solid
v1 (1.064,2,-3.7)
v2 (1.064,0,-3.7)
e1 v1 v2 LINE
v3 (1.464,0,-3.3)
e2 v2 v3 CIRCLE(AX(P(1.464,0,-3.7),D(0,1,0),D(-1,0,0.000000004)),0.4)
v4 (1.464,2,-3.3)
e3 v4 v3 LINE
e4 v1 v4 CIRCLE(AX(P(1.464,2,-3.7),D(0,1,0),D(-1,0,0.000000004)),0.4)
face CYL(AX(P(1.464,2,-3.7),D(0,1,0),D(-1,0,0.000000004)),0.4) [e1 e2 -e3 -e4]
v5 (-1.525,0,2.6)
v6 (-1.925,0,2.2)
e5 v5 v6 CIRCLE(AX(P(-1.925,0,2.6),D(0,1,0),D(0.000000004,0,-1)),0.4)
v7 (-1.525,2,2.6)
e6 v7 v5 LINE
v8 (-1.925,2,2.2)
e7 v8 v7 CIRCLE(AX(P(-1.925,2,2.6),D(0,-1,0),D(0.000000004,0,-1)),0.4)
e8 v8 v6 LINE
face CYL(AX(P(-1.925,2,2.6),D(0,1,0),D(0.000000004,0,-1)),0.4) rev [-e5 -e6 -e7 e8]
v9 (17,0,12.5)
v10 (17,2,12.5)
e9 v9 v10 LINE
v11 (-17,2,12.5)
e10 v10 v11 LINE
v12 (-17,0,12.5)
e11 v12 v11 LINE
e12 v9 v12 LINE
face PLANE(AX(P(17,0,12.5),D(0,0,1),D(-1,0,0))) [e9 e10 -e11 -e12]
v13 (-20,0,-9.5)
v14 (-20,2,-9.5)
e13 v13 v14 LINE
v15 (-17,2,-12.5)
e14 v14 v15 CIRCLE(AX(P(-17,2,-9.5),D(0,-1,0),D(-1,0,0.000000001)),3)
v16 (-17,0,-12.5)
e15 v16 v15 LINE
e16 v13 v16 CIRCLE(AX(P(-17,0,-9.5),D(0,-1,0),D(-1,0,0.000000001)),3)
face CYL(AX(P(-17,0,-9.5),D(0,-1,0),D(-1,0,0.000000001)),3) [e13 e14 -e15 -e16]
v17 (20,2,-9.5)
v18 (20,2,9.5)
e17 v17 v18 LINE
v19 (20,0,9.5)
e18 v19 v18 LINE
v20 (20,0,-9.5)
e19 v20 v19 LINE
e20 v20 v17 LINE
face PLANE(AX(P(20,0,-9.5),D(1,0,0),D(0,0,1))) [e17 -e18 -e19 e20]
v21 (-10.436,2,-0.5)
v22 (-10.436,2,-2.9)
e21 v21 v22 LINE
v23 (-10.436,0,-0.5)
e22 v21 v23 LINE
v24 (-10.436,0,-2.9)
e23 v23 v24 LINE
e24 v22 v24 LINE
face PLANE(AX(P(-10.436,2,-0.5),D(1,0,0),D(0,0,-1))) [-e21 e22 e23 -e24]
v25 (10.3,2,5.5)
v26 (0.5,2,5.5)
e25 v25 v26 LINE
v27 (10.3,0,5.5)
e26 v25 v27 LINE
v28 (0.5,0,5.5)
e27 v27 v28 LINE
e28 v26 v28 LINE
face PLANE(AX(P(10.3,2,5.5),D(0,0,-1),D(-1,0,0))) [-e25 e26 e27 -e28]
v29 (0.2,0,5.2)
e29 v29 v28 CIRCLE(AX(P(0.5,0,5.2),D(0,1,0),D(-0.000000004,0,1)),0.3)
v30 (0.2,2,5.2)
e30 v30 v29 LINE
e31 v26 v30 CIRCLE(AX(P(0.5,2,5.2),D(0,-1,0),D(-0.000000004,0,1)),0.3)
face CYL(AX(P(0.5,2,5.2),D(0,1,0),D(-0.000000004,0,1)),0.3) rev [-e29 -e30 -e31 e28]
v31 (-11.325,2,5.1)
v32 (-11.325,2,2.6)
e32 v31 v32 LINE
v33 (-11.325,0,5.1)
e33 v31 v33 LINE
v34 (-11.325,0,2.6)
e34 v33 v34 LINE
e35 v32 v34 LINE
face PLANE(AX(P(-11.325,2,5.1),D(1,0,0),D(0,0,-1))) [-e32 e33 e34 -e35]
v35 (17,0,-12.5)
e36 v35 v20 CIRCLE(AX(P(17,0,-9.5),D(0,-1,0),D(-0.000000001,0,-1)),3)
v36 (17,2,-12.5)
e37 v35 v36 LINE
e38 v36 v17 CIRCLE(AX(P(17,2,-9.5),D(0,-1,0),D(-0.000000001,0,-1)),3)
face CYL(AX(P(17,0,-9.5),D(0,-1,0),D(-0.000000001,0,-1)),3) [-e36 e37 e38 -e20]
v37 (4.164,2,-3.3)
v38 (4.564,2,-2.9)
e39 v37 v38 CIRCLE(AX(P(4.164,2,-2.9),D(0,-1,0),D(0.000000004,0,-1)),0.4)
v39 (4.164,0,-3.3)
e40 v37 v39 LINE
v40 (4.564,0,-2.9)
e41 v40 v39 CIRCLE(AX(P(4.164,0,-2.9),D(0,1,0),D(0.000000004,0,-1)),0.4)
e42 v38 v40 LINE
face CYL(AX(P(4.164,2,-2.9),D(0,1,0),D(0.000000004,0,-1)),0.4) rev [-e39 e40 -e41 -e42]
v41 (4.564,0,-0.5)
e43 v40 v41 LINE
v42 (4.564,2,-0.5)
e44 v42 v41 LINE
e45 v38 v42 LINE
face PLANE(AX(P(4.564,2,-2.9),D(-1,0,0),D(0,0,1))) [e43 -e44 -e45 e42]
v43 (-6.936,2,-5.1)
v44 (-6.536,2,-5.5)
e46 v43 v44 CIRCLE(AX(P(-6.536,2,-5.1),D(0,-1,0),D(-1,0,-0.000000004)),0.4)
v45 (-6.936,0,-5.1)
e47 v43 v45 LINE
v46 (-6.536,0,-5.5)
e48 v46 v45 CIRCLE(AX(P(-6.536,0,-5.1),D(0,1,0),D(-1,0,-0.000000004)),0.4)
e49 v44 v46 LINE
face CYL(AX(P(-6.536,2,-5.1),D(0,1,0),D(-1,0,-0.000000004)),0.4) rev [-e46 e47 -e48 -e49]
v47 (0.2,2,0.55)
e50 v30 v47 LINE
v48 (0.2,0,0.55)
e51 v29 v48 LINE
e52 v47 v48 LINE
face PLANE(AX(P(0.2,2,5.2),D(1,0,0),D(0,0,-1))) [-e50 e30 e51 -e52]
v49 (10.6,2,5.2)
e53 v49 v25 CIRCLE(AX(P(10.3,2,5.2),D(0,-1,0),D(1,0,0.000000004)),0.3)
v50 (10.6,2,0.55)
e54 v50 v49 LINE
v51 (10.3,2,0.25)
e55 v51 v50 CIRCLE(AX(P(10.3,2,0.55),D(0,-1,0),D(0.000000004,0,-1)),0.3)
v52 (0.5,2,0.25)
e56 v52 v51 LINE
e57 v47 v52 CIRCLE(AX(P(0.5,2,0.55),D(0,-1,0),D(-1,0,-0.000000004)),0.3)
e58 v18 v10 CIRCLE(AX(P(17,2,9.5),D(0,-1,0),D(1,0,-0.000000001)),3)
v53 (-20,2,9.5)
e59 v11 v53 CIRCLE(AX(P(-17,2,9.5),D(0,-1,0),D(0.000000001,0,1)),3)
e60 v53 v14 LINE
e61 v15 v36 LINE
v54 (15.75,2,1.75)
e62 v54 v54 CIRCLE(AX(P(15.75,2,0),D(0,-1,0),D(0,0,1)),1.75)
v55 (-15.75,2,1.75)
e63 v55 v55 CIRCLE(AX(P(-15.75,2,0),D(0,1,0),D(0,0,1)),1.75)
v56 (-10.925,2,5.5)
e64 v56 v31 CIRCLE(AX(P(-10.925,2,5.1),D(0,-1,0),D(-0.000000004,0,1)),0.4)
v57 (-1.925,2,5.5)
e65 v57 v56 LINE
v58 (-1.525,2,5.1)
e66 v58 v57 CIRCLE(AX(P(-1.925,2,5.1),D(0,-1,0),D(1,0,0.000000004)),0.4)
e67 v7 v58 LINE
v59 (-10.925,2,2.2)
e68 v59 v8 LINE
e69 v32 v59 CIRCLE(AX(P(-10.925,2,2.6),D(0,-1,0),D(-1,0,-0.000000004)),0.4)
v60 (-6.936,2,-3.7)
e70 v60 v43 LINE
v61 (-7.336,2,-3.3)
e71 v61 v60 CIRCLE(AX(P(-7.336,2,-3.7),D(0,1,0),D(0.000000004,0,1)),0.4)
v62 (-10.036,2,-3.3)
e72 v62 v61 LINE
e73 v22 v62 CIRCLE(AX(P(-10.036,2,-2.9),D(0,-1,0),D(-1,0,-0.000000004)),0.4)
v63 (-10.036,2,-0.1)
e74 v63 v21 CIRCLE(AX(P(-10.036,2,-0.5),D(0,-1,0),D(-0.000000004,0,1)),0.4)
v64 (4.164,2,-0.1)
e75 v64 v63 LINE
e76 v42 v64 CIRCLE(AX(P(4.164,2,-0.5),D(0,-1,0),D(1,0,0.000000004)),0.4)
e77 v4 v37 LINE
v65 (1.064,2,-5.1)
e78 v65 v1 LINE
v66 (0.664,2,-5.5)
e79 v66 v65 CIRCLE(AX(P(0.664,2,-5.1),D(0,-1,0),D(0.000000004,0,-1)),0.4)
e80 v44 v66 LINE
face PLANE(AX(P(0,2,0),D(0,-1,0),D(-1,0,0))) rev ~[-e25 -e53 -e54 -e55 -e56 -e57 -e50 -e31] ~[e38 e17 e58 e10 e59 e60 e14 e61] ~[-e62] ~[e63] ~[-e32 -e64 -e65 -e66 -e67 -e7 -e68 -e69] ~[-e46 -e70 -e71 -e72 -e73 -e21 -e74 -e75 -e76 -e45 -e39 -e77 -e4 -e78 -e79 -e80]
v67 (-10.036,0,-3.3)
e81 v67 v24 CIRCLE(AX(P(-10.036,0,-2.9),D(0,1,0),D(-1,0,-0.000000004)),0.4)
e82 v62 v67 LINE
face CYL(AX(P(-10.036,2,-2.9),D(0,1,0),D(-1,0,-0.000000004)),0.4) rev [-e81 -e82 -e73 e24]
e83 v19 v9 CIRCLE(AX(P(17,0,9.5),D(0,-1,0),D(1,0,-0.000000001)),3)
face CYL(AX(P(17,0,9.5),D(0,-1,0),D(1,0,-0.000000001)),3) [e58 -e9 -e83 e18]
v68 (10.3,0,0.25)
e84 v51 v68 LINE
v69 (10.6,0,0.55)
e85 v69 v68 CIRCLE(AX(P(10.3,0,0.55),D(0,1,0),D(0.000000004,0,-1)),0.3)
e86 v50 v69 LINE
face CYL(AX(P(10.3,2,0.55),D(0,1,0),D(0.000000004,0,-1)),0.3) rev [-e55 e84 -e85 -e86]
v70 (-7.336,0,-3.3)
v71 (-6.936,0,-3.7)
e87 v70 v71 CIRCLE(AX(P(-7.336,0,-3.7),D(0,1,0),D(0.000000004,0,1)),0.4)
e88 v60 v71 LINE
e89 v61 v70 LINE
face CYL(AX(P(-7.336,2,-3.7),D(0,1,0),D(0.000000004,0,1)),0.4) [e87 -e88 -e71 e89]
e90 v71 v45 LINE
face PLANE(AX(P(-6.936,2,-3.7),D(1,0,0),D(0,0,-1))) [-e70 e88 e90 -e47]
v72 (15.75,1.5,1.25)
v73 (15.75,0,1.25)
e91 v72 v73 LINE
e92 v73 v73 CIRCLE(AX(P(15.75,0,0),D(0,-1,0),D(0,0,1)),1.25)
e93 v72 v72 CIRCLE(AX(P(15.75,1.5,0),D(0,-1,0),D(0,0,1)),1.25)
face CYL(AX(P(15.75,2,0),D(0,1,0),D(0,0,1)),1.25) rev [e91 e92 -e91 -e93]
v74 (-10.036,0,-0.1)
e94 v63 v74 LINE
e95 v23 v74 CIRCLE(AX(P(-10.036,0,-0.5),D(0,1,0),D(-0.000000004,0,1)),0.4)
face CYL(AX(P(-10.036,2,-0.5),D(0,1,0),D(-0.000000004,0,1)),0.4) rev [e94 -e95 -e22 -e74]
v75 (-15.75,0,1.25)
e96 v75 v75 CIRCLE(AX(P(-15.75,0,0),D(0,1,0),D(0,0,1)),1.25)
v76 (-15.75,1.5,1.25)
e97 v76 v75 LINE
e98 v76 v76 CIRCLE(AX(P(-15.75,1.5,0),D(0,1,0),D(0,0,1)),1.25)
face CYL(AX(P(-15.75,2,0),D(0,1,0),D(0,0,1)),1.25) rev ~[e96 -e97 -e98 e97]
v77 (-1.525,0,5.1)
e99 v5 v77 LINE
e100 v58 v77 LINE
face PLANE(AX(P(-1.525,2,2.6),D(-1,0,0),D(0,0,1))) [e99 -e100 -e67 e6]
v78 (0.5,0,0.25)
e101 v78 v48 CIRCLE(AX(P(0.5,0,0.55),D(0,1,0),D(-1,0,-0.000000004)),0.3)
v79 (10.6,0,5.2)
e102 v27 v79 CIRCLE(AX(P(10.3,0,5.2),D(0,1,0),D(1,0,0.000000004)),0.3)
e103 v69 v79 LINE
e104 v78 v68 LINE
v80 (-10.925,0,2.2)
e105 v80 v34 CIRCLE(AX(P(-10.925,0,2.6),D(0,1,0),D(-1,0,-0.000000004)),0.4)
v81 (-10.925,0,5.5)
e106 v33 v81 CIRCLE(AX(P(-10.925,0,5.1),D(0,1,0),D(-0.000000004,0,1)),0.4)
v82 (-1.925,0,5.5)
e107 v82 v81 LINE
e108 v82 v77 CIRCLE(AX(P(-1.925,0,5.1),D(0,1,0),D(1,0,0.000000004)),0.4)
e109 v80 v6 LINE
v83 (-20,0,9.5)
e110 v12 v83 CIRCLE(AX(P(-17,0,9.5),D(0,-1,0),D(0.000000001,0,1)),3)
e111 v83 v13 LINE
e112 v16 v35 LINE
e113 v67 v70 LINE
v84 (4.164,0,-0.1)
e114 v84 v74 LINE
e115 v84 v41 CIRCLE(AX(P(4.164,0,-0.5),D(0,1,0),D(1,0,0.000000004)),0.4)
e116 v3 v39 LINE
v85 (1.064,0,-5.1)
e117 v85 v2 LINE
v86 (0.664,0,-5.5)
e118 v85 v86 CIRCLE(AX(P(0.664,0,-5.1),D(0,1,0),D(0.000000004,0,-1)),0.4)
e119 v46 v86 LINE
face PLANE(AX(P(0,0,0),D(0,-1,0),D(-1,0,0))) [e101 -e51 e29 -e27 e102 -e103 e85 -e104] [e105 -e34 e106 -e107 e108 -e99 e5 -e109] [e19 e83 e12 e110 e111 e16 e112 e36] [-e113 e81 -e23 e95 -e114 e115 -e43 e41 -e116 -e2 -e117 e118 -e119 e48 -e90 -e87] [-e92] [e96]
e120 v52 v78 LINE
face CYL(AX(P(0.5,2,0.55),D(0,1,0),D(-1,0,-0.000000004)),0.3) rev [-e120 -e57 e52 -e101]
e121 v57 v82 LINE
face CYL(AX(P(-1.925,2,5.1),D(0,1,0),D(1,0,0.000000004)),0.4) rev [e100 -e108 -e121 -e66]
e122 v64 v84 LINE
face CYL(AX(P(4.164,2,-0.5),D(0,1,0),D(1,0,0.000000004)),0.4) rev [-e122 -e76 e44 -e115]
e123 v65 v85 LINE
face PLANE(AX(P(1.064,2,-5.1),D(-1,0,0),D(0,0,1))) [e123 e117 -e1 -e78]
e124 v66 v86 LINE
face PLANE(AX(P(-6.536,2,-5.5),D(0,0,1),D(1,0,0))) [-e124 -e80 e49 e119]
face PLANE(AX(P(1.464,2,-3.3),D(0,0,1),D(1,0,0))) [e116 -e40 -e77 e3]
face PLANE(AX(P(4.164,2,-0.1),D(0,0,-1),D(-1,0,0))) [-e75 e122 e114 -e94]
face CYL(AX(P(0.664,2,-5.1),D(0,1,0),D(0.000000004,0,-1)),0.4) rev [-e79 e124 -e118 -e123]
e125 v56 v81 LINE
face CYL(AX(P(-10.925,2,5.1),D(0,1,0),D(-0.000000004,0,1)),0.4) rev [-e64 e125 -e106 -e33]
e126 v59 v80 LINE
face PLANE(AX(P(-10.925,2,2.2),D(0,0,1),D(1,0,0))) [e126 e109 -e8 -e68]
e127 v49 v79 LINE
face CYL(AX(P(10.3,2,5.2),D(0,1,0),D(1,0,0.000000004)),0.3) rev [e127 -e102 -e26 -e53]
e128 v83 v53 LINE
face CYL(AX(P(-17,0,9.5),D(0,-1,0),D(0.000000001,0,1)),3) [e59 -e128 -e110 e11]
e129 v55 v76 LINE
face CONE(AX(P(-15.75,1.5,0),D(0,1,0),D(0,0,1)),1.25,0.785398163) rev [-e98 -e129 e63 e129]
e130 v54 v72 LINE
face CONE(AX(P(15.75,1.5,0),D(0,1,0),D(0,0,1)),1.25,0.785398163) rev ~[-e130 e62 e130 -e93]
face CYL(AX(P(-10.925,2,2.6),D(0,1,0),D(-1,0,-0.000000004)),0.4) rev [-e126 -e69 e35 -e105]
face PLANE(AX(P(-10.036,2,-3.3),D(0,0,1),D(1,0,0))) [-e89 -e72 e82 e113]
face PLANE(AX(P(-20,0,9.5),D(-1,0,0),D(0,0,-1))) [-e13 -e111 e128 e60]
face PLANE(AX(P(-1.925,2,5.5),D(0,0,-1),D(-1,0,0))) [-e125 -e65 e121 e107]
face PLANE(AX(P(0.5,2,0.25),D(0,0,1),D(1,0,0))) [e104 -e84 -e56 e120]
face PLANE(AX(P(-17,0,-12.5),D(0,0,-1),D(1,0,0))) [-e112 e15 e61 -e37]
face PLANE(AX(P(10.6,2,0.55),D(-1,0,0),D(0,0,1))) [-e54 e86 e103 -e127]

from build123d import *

# Parameters (mm, degrees)
EXTRUDE_1_DEPTH            = 2
CUT_EXTRUDE_1_REACH        = 25.67
SKETCH_2_R                 = 1.25
CHAMFER_1_SIZE             = 0.5
CHAMFER_1_OF_MIRROR_3_SIZE = 0.5
CUT_EXTRUDE_5_REACH        = 25.67


with BuildPart() as part:
    # 草图1 → 凸台-拉伸1 (new body)
    with BuildSketch(Plane(origin=(0, 0, 0), x_dir=(1, 0, 0), z_dir=(0, 1, 0))):
        with BuildLine():
            Line((-17, 12.5), (17, 12.5))
            ThreePointArc((17, 12.5), (19.121320344, 11.621320344), (20, 9.5))
            Line((20, 9.5), (20, -9.5))
            ThreePointArc((20, -9.5), (19.121320344, -11.621320344), (17, -12.5))
            Line((17, -12.5), (-17, -12.5))
            ThreePointArc((-17, -12.5), (-19.121320344, -11.621320344), (-20, -9.5))
            Line((-20, -9.5), (-20, 9.5))
            ThreePointArc((-20, 9.5), (-19.121320344, 11.621320344), (-17, 12.5))
        make_face()
    extrude(amount=EXTRUDE_1_DEPTH)

    # 草图2 → 切除-拉伸1 (cut, up to next)
    with BuildSketch(Plane(origin=(0, 2, 0), x_dir=(1, 0, 0), z_dir=(0, 1, 0)), mode=Mode.PRIVATE) as cut_extrude_1_sk1:
        with Locations(Location((-15.75, 0, 0), (0, 0, 270))):
            Circle(SKETCH_2_R)
    cut_extrude_1_tool1 = extrude(cut_extrude_1_sk1.sketch, amount=-CUT_EXTRUDE_1_REACH, mode=Mode.PRIVATE) & part.part
    cut_extrude_1 = cut_extrude_1_tool1.solids().sort_by_distance((-15.75, 2, 0))[0]
    add(cut_extrude_1, mode=Mode.SUBTRACT)

    # 倒角1
    chamfer_1_edges = [part.edges().sort_by_distance(p)[0] for p in [
        (-15.75, 2, -1.25),
    ]]
    chamfer(chamfer_1_edges, length=CHAMFER_1_SIZE)

    # 镜向3: 切除-拉伸1 across plane
    add(cut_extrude_1.mirror(Plane(origin=(0, 0, 0), x_dir=(0, 0, 1), z_dir=(1, 0, 0))), mode=Mode.SUBTRACT)

    # 倒角1 of 镜向3
    chamfer_1_of_mirror_3_edges = [part.edges().sort_by_distance(p)[0] for p in [
        (15.75, 2, -1.25),
    ]]
    chamfer(chamfer_1_of_mirror_3_edges, length=CHAMFER_1_OF_MIRROR_3_SIZE)

    # 草图6 → 切除-拉伸5 (cut, up to next)
    with BuildSketch(Plane(origin=(0, 2, 0), x_dir=(1, 0, 0), z_dir=(0, 1, 0)), mode=Mode.PRIVATE) as cut_extrude_5_sk1:
        with BuildLine():
            Line((-10.036, 3.3), (-7.336, 3.3))
            ThreePointArc((-7.336, 3.3), (-7.053157288, 3.417157288), (-6.936, 3.7))
            Line((-6.936, 3.7), (-6.936, 5.1))
            ThreePointArc((-6.936, 5.1), (-6.818842712, 5.382842712), (-6.536, 5.5))
            Line((-6.536, 5.5), (0.664, 5.5))
            ThreePointArc((0.664, 5.5), (0.946842712, 5.382842712), (1.064, 5.1))
            Line((1.064, 5.1), (1.064, 3.7))
            ThreePointArc((1.064, 3.7), (1.181157288, 3.417157288), (1.464, 3.3))
            Line((1.464, 3.3), (4.164, 3.3))
            ThreePointArc((4.164, 3.3), (4.446842712, 3.182842712), (4.564, 2.9))
            Line((4.564, 2.9), (4.564, 0.5))
            ThreePointArc((4.564, 0.5), (4.446842712, 0.217157288), (4.164, 0.1))
            Line((4.164, 0.1), (-10.036, 0.1))
            ThreePointArc((-10.036, 0.1), (-10.318842712, 0.217157288), (-10.436, 0.5))
            Line((-10.436, 0.5), (-10.436, 2.9))
            ThreePointArc((-10.436, 2.9), (-10.318842712, 3.182842712), (-10.036, 3.3))
        make_face()
    cut_extrude_5_tool1 = extrude(cut_extrude_5_sk1.sketch, amount=-CUT_EXTRUDE_5_REACH, mode=Mode.PRIVATE) & part.part
    # 草图6 → 切除-拉伸5 (cut, up to next)
    with BuildSketch(Plane(origin=(0, 2, 0), x_dir=(1, 0, 0), z_dir=(0, 1, 0)), mode=Mode.PRIVATE) as cut_extrude_5_sk2:
        with BuildLine():
            Line((-10.925, -2.2), (-1.925, -2.2))
            ThreePointArc((-1.925, -2.2), (-1.642157288, -2.317157288), (-1.525, -2.6))
            Line((-1.525, -2.6), (-1.525, -5.1))
            ThreePointArc((-1.525, -5.1), (-1.642157288, -5.382842712), (-1.925, -5.5))
            Line((-1.925, -5.5), (-10.925, -5.5))
            ThreePointArc((-10.925, -5.5), (-11.207842712, -5.382842712), (-11.325, -5.1))
            Line((-11.325, -5.1), (-11.325, -2.6))
            ThreePointArc((-11.325, -2.6), (-11.207842712, -2.317157288), (-10.925, -2.2))
        make_face()
    cut_extrude_5_tool2 = extrude(cut_extrude_5_sk2.sketch, amount=-CUT_EXTRUDE_5_REACH, mode=Mode.PRIVATE) & part.part
    # 草图6 → 切除-拉伸5 (cut, up to next)
    with BuildSketch(Plane(origin=(0, 2, 0), x_dir=(1, 0, 0), z_dir=(0, 1, 0)), mode=Mode.PRIVATE) as cut_extrude_5_sk3:
        with BuildLine():
            Line((0.5, -0.25), (10.3, -0.25))
            ThreePointArc((10.3, -0.25), (10.512132034, -0.337867966), (10.6, -0.55))
            Line((10.6, -0.55), (10.6, -5.2))
            ThreePointArc((10.6, -5.2), (10.512132034, -5.412132034), (10.3, -5.5))
            Line((10.3, -5.5), (0.5, -5.5))
            ThreePointArc((0.5, -5.5), (0.287867966, -5.412132034), (0.2, -5.2))
            Line((0.2, -5.2), (0.2, -0.55))
            ThreePointArc((0.2, -0.55), (0.287867966, -0.337867966), (0.5, -0.25))
        make_face()
    cut_extrude_5_tool3 = extrude(cut_extrude_5_sk3.sketch, amount=-CUT_EXTRUDE_5_REACH, mode=Mode.PRIVATE) & part.part
    add(cut_extrude_5_tool1.solids().sort_by_distance((-2.936, 2, -2.42379))[0], mode=Mode.SUBTRACT)
    add(cut_extrude_5_tool2.solids().sort_by_distance((-6.425, 2, 3.85))[0], mode=Mode.SUBTRACT)
    add(cut_extrude_5_tool3.solids().sort_by_distance((5.4, 2, 2.875))[0], mode=Mode.SUBTRACT)


solid = part.part
